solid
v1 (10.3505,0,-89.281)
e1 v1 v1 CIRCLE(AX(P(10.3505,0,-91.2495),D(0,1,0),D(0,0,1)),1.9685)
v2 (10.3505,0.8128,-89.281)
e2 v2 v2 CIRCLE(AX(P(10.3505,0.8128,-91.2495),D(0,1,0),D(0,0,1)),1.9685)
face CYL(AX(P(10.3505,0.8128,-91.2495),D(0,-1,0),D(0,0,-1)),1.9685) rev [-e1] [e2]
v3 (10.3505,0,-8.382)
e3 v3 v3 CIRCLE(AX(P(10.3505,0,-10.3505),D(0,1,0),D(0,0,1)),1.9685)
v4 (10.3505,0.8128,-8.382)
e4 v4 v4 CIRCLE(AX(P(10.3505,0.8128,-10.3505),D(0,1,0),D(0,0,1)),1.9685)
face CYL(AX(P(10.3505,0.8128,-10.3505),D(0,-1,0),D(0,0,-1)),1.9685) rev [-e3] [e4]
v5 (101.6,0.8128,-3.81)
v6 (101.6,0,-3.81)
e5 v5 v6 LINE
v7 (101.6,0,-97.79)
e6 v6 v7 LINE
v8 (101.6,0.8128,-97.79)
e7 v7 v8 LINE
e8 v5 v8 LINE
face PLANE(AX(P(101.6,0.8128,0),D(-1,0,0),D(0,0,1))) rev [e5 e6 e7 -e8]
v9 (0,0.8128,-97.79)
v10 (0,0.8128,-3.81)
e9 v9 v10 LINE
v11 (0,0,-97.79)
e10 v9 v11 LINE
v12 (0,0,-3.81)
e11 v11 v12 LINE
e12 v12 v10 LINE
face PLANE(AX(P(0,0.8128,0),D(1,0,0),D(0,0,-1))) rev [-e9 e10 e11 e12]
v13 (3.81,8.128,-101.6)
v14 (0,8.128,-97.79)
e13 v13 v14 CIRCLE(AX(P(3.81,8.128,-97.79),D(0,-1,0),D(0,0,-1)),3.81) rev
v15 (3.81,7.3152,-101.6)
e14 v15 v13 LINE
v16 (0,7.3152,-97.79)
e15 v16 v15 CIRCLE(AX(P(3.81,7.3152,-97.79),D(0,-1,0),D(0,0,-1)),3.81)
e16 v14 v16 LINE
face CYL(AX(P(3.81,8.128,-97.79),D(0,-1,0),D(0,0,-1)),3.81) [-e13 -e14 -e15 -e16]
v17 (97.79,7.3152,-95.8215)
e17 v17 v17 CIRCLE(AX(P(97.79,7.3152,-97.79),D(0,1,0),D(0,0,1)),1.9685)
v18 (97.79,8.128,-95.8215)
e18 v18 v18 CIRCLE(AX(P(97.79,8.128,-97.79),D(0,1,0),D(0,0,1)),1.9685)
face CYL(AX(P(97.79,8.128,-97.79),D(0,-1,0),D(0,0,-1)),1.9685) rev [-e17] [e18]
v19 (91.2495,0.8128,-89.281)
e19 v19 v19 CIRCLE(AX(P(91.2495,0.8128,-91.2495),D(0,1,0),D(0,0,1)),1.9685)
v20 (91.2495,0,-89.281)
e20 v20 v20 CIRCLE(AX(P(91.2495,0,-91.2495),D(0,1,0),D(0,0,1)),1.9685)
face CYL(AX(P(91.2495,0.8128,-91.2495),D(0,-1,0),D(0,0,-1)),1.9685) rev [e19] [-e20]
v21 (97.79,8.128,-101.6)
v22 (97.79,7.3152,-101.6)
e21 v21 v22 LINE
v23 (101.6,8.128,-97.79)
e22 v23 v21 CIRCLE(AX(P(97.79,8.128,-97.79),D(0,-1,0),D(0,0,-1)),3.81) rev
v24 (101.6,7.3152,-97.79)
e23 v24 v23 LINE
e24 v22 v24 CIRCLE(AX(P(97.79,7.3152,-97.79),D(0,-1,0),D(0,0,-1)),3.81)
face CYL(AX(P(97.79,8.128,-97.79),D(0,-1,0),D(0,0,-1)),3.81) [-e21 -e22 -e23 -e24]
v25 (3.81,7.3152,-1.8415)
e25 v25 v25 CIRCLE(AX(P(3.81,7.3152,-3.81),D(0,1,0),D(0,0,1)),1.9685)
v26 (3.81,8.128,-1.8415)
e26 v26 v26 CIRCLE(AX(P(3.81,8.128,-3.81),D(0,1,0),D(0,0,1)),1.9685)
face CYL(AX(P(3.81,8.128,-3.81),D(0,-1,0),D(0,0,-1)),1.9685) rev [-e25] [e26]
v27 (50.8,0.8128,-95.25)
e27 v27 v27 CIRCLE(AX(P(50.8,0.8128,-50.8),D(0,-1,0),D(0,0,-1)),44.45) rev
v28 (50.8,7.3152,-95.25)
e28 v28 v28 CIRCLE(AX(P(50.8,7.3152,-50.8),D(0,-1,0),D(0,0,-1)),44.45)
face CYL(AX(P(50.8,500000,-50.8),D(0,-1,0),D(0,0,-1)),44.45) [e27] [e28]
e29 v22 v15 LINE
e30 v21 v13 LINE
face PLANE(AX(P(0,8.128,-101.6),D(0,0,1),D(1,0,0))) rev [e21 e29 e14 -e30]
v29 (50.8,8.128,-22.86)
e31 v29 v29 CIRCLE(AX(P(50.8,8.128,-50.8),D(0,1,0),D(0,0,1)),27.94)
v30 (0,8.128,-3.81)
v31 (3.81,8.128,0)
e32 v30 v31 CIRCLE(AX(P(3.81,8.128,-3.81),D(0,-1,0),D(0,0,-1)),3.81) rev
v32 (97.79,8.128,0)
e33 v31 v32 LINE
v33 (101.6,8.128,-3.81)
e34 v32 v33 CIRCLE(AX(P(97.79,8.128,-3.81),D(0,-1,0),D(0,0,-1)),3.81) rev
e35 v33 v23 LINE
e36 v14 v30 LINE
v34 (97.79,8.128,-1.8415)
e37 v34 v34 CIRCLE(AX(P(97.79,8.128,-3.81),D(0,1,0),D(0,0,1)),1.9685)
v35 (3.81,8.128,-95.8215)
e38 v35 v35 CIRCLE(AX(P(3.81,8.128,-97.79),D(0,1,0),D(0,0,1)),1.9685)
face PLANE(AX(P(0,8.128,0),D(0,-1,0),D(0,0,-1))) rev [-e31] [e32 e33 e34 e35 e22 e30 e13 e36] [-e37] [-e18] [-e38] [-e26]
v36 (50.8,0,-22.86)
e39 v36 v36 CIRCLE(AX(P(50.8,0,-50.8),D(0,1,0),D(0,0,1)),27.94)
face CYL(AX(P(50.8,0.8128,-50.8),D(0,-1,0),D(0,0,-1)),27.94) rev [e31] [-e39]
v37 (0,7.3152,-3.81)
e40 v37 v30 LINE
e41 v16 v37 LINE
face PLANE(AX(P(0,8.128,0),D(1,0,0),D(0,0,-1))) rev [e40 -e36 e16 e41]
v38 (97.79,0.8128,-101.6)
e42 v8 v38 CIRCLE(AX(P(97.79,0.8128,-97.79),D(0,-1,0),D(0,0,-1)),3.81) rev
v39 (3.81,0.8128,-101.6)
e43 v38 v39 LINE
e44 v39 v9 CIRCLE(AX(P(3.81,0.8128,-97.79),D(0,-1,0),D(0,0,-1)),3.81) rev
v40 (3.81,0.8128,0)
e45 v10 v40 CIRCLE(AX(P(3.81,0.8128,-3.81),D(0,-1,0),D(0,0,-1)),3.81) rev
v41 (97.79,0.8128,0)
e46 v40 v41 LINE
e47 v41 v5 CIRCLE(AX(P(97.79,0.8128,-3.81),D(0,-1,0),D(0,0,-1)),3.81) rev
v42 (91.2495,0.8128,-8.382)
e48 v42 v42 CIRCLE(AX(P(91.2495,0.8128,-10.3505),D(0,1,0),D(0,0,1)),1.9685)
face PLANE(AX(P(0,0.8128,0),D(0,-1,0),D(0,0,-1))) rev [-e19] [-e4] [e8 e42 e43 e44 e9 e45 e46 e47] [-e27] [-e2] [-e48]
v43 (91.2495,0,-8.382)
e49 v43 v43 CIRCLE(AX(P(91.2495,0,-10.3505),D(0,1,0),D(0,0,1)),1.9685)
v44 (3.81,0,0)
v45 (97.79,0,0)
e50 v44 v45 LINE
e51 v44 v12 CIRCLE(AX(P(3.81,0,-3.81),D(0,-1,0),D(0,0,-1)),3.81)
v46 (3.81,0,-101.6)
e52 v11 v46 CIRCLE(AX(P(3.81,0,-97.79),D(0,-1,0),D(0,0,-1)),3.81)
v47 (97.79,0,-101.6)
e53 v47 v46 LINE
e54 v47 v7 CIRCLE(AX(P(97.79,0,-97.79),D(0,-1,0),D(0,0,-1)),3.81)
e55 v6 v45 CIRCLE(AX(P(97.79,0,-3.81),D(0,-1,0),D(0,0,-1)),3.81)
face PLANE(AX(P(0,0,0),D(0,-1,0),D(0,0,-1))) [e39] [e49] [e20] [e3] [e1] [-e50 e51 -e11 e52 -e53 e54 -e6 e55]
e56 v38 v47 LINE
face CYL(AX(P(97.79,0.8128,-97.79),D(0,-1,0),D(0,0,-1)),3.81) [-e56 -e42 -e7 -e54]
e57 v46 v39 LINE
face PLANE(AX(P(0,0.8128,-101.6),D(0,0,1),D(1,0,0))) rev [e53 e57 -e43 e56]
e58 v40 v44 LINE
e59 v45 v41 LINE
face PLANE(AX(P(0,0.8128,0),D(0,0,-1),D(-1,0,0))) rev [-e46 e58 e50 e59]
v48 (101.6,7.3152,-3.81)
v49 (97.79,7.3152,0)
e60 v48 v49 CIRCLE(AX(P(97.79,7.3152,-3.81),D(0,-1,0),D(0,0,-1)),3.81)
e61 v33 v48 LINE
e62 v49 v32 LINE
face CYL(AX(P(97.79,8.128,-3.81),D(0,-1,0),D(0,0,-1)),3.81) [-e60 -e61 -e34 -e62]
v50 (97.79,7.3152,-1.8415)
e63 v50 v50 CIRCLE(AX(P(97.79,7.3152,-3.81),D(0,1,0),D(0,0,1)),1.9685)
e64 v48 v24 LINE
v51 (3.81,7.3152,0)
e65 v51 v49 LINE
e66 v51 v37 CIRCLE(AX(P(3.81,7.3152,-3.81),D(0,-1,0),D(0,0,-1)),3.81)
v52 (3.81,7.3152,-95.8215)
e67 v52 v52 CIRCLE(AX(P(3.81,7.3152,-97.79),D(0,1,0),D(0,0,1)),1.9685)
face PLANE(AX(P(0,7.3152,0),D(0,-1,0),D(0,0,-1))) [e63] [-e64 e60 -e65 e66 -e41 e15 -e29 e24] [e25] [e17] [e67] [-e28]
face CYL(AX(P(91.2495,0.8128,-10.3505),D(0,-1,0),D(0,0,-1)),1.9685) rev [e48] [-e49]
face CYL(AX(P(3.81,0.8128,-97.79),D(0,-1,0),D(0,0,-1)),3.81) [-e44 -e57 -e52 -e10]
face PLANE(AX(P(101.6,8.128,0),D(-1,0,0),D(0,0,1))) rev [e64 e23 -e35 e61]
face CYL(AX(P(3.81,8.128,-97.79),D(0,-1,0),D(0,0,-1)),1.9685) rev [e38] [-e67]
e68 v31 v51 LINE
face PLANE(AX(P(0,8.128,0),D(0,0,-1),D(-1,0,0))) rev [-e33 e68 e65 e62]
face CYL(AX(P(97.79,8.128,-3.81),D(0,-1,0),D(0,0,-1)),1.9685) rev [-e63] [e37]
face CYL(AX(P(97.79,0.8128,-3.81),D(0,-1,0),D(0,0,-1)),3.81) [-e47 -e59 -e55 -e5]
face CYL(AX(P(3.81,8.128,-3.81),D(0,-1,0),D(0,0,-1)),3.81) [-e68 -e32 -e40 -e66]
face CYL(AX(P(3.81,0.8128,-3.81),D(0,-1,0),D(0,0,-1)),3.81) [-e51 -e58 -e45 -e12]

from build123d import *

# Parameters (mm, degrees)
LOWER_DECK_W        = 101.6
LOWER_DECK_H        = 101.6
LOWER_DECK_R        = 1.9685
LOWER_DECK_R_2      = 27.94
BOSS_EXTRUDE1_DEPTH = 0.8128
FILLET1_R           = 3.81
SKETCH2_W           = 101.6
SKETCH2_H           = 101.6
SKETCH2_R           = 27.94
SKETCH2_R_2         = 1.9685
BOSS_EXTRUDE2_DEPTH = 0.8128
FILLET3_R           = 3.81
BOSS_EXTRUDE3_REACH = 145.87
SKETCH3_R           = 44.45
SKETCH3_R_2         = 27.94


with BuildPart() as part:
    # Lower_Deck → Boss-Extrude1 (new body)
    with BuildSketch(Plane(origin=(0, 0, 0), x_dir=(1, 0, 0), z_dir=(0, 1, 0))):
        with Locations((50.8, 50.8)):
            Rectangle(LOWER_DECK_W, LOWER_DECK_H)
        with Locations(Location((10.3505, 10.3505, 0), (0, 0, 270))):
            Circle(LOWER_DECK_R, mode=Mode.SUBTRACT)
        with Locations(Location((10.3505, 91.2495, 0), (0, 0, 270))):
            Circle(LOWER_DECK_R, mode=Mode.SUBTRACT)
        with Locations(Location((91.2495, 10.3505, 0), (0, 0, 270))):
            Circle(LOWER_DECK_R, mode=Mode.SUBTRACT)
        with Locations(Location((91.2495, 91.2495, 0), (0, 0, 270))):
            Circle(LOWER_DECK_R, mode=Mode.SUBTRACT)
        with Locations(Location((50.8, 50.8, 0), (0, 0, 270))):
            Circle(LOWER_DECK_R_2, mode=Mode.SUBTRACT)
    extrude(amount=BOSS_EXTRUDE1_DEPTH)

    # Fillet1
    fillet1_edges = [part.edges().sort_by_distance(p)[0] for p in [
        (0, 0.4064, -101.6),
        (101.6, 0.4064, -101.6),
        (101.6, 0.4064, 0),
        (0, 0.4064, 0),
    ]]
    fillet(fillet1_edges, radius=FILLET1_R)


with BuildPart() as body_2:
    # Sketch2 → Boss-Extrude2 (new body)
    with BuildSketch(Plane(origin=(0, 7.3152, 0), x_dir=(1, 0, 0), z_dir=(0, 1, 0))):
        with Locations((50.8, 50.8)):
            Rectangle(SKETCH2_W, SKETCH2_H)
        with Locations(Location((50.8, 50.8, 0), (0, 0, 270))):
            Circle(SKETCH2_R, mode=Mode.SUBTRACT)
        with Locations(Location((3.81, 3.81, 0), (0, 0, 270))):
            Circle(SKETCH2_R_2, mode=Mode.SUBTRACT)
        with Locations(Location((3.81, 97.79, 0), (0, 0, 270))):
            Circle(SKETCH2_R_2, mode=Mode.SUBTRACT)
        with Locations(Location((97.79, 97.79, 0), (0, 0, 270))):
            Circle(SKETCH2_R_2, mode=Mode.SUBTRACT)
        with Locations(Location((97.79, 3.81, 0), (0, 0, 270))):
            Circle(SKETCH2_R_2, mode=Mode.SUBTRACT)
    extrude(amount=BOSS_EXTRUDE2_DEPTH)

    # Fillet3
    fillet3_edges = [body_2.edges().sort_by_distance(p)[0] for p in [
        (0, 7.7216, -101.6),
        (101.6, 7.7216, -101.6),
        (101.6, 7.7216, 0),
        (0, 7.7216, 0),
    ]]
    fillet(fillet3_edges, radius=FILLET3_R)

    # Sketch3 → Boss-Extrude3 (add, up to next)
    with BuildSketch(Plane(origin=(0, 0.8128, 0), x_dir=(1, 0, 0), z_dir=(0, 1, 0)), mode=Mode.PRIVATE) as boss_extrude3_sk1:
        with Locations(Location((50.8, 50.8, 0), (0, 0, 90))):
            Circle(SKETCH3_R)
        with Locations(Location((50.8, 50.8, 0), (0, 0, 270))):
            Circle(SKETCH3_R_2, mode=Mode.SUBTRACT)
    boss_extrude3_tool1 = extrude(boss_extrude3_sk1.sketch, amount=BOSS_EXTRUDE3_REACH, mode=Mode.PRIVATE) - body_2.part

    add(part.part)  # Boss-Extrude3 merges part
    add(boss_extrude3_tool1.solids().sort_by_distance((50.8, 0.8128, -7.607236))[0])


solid = body_2.part
